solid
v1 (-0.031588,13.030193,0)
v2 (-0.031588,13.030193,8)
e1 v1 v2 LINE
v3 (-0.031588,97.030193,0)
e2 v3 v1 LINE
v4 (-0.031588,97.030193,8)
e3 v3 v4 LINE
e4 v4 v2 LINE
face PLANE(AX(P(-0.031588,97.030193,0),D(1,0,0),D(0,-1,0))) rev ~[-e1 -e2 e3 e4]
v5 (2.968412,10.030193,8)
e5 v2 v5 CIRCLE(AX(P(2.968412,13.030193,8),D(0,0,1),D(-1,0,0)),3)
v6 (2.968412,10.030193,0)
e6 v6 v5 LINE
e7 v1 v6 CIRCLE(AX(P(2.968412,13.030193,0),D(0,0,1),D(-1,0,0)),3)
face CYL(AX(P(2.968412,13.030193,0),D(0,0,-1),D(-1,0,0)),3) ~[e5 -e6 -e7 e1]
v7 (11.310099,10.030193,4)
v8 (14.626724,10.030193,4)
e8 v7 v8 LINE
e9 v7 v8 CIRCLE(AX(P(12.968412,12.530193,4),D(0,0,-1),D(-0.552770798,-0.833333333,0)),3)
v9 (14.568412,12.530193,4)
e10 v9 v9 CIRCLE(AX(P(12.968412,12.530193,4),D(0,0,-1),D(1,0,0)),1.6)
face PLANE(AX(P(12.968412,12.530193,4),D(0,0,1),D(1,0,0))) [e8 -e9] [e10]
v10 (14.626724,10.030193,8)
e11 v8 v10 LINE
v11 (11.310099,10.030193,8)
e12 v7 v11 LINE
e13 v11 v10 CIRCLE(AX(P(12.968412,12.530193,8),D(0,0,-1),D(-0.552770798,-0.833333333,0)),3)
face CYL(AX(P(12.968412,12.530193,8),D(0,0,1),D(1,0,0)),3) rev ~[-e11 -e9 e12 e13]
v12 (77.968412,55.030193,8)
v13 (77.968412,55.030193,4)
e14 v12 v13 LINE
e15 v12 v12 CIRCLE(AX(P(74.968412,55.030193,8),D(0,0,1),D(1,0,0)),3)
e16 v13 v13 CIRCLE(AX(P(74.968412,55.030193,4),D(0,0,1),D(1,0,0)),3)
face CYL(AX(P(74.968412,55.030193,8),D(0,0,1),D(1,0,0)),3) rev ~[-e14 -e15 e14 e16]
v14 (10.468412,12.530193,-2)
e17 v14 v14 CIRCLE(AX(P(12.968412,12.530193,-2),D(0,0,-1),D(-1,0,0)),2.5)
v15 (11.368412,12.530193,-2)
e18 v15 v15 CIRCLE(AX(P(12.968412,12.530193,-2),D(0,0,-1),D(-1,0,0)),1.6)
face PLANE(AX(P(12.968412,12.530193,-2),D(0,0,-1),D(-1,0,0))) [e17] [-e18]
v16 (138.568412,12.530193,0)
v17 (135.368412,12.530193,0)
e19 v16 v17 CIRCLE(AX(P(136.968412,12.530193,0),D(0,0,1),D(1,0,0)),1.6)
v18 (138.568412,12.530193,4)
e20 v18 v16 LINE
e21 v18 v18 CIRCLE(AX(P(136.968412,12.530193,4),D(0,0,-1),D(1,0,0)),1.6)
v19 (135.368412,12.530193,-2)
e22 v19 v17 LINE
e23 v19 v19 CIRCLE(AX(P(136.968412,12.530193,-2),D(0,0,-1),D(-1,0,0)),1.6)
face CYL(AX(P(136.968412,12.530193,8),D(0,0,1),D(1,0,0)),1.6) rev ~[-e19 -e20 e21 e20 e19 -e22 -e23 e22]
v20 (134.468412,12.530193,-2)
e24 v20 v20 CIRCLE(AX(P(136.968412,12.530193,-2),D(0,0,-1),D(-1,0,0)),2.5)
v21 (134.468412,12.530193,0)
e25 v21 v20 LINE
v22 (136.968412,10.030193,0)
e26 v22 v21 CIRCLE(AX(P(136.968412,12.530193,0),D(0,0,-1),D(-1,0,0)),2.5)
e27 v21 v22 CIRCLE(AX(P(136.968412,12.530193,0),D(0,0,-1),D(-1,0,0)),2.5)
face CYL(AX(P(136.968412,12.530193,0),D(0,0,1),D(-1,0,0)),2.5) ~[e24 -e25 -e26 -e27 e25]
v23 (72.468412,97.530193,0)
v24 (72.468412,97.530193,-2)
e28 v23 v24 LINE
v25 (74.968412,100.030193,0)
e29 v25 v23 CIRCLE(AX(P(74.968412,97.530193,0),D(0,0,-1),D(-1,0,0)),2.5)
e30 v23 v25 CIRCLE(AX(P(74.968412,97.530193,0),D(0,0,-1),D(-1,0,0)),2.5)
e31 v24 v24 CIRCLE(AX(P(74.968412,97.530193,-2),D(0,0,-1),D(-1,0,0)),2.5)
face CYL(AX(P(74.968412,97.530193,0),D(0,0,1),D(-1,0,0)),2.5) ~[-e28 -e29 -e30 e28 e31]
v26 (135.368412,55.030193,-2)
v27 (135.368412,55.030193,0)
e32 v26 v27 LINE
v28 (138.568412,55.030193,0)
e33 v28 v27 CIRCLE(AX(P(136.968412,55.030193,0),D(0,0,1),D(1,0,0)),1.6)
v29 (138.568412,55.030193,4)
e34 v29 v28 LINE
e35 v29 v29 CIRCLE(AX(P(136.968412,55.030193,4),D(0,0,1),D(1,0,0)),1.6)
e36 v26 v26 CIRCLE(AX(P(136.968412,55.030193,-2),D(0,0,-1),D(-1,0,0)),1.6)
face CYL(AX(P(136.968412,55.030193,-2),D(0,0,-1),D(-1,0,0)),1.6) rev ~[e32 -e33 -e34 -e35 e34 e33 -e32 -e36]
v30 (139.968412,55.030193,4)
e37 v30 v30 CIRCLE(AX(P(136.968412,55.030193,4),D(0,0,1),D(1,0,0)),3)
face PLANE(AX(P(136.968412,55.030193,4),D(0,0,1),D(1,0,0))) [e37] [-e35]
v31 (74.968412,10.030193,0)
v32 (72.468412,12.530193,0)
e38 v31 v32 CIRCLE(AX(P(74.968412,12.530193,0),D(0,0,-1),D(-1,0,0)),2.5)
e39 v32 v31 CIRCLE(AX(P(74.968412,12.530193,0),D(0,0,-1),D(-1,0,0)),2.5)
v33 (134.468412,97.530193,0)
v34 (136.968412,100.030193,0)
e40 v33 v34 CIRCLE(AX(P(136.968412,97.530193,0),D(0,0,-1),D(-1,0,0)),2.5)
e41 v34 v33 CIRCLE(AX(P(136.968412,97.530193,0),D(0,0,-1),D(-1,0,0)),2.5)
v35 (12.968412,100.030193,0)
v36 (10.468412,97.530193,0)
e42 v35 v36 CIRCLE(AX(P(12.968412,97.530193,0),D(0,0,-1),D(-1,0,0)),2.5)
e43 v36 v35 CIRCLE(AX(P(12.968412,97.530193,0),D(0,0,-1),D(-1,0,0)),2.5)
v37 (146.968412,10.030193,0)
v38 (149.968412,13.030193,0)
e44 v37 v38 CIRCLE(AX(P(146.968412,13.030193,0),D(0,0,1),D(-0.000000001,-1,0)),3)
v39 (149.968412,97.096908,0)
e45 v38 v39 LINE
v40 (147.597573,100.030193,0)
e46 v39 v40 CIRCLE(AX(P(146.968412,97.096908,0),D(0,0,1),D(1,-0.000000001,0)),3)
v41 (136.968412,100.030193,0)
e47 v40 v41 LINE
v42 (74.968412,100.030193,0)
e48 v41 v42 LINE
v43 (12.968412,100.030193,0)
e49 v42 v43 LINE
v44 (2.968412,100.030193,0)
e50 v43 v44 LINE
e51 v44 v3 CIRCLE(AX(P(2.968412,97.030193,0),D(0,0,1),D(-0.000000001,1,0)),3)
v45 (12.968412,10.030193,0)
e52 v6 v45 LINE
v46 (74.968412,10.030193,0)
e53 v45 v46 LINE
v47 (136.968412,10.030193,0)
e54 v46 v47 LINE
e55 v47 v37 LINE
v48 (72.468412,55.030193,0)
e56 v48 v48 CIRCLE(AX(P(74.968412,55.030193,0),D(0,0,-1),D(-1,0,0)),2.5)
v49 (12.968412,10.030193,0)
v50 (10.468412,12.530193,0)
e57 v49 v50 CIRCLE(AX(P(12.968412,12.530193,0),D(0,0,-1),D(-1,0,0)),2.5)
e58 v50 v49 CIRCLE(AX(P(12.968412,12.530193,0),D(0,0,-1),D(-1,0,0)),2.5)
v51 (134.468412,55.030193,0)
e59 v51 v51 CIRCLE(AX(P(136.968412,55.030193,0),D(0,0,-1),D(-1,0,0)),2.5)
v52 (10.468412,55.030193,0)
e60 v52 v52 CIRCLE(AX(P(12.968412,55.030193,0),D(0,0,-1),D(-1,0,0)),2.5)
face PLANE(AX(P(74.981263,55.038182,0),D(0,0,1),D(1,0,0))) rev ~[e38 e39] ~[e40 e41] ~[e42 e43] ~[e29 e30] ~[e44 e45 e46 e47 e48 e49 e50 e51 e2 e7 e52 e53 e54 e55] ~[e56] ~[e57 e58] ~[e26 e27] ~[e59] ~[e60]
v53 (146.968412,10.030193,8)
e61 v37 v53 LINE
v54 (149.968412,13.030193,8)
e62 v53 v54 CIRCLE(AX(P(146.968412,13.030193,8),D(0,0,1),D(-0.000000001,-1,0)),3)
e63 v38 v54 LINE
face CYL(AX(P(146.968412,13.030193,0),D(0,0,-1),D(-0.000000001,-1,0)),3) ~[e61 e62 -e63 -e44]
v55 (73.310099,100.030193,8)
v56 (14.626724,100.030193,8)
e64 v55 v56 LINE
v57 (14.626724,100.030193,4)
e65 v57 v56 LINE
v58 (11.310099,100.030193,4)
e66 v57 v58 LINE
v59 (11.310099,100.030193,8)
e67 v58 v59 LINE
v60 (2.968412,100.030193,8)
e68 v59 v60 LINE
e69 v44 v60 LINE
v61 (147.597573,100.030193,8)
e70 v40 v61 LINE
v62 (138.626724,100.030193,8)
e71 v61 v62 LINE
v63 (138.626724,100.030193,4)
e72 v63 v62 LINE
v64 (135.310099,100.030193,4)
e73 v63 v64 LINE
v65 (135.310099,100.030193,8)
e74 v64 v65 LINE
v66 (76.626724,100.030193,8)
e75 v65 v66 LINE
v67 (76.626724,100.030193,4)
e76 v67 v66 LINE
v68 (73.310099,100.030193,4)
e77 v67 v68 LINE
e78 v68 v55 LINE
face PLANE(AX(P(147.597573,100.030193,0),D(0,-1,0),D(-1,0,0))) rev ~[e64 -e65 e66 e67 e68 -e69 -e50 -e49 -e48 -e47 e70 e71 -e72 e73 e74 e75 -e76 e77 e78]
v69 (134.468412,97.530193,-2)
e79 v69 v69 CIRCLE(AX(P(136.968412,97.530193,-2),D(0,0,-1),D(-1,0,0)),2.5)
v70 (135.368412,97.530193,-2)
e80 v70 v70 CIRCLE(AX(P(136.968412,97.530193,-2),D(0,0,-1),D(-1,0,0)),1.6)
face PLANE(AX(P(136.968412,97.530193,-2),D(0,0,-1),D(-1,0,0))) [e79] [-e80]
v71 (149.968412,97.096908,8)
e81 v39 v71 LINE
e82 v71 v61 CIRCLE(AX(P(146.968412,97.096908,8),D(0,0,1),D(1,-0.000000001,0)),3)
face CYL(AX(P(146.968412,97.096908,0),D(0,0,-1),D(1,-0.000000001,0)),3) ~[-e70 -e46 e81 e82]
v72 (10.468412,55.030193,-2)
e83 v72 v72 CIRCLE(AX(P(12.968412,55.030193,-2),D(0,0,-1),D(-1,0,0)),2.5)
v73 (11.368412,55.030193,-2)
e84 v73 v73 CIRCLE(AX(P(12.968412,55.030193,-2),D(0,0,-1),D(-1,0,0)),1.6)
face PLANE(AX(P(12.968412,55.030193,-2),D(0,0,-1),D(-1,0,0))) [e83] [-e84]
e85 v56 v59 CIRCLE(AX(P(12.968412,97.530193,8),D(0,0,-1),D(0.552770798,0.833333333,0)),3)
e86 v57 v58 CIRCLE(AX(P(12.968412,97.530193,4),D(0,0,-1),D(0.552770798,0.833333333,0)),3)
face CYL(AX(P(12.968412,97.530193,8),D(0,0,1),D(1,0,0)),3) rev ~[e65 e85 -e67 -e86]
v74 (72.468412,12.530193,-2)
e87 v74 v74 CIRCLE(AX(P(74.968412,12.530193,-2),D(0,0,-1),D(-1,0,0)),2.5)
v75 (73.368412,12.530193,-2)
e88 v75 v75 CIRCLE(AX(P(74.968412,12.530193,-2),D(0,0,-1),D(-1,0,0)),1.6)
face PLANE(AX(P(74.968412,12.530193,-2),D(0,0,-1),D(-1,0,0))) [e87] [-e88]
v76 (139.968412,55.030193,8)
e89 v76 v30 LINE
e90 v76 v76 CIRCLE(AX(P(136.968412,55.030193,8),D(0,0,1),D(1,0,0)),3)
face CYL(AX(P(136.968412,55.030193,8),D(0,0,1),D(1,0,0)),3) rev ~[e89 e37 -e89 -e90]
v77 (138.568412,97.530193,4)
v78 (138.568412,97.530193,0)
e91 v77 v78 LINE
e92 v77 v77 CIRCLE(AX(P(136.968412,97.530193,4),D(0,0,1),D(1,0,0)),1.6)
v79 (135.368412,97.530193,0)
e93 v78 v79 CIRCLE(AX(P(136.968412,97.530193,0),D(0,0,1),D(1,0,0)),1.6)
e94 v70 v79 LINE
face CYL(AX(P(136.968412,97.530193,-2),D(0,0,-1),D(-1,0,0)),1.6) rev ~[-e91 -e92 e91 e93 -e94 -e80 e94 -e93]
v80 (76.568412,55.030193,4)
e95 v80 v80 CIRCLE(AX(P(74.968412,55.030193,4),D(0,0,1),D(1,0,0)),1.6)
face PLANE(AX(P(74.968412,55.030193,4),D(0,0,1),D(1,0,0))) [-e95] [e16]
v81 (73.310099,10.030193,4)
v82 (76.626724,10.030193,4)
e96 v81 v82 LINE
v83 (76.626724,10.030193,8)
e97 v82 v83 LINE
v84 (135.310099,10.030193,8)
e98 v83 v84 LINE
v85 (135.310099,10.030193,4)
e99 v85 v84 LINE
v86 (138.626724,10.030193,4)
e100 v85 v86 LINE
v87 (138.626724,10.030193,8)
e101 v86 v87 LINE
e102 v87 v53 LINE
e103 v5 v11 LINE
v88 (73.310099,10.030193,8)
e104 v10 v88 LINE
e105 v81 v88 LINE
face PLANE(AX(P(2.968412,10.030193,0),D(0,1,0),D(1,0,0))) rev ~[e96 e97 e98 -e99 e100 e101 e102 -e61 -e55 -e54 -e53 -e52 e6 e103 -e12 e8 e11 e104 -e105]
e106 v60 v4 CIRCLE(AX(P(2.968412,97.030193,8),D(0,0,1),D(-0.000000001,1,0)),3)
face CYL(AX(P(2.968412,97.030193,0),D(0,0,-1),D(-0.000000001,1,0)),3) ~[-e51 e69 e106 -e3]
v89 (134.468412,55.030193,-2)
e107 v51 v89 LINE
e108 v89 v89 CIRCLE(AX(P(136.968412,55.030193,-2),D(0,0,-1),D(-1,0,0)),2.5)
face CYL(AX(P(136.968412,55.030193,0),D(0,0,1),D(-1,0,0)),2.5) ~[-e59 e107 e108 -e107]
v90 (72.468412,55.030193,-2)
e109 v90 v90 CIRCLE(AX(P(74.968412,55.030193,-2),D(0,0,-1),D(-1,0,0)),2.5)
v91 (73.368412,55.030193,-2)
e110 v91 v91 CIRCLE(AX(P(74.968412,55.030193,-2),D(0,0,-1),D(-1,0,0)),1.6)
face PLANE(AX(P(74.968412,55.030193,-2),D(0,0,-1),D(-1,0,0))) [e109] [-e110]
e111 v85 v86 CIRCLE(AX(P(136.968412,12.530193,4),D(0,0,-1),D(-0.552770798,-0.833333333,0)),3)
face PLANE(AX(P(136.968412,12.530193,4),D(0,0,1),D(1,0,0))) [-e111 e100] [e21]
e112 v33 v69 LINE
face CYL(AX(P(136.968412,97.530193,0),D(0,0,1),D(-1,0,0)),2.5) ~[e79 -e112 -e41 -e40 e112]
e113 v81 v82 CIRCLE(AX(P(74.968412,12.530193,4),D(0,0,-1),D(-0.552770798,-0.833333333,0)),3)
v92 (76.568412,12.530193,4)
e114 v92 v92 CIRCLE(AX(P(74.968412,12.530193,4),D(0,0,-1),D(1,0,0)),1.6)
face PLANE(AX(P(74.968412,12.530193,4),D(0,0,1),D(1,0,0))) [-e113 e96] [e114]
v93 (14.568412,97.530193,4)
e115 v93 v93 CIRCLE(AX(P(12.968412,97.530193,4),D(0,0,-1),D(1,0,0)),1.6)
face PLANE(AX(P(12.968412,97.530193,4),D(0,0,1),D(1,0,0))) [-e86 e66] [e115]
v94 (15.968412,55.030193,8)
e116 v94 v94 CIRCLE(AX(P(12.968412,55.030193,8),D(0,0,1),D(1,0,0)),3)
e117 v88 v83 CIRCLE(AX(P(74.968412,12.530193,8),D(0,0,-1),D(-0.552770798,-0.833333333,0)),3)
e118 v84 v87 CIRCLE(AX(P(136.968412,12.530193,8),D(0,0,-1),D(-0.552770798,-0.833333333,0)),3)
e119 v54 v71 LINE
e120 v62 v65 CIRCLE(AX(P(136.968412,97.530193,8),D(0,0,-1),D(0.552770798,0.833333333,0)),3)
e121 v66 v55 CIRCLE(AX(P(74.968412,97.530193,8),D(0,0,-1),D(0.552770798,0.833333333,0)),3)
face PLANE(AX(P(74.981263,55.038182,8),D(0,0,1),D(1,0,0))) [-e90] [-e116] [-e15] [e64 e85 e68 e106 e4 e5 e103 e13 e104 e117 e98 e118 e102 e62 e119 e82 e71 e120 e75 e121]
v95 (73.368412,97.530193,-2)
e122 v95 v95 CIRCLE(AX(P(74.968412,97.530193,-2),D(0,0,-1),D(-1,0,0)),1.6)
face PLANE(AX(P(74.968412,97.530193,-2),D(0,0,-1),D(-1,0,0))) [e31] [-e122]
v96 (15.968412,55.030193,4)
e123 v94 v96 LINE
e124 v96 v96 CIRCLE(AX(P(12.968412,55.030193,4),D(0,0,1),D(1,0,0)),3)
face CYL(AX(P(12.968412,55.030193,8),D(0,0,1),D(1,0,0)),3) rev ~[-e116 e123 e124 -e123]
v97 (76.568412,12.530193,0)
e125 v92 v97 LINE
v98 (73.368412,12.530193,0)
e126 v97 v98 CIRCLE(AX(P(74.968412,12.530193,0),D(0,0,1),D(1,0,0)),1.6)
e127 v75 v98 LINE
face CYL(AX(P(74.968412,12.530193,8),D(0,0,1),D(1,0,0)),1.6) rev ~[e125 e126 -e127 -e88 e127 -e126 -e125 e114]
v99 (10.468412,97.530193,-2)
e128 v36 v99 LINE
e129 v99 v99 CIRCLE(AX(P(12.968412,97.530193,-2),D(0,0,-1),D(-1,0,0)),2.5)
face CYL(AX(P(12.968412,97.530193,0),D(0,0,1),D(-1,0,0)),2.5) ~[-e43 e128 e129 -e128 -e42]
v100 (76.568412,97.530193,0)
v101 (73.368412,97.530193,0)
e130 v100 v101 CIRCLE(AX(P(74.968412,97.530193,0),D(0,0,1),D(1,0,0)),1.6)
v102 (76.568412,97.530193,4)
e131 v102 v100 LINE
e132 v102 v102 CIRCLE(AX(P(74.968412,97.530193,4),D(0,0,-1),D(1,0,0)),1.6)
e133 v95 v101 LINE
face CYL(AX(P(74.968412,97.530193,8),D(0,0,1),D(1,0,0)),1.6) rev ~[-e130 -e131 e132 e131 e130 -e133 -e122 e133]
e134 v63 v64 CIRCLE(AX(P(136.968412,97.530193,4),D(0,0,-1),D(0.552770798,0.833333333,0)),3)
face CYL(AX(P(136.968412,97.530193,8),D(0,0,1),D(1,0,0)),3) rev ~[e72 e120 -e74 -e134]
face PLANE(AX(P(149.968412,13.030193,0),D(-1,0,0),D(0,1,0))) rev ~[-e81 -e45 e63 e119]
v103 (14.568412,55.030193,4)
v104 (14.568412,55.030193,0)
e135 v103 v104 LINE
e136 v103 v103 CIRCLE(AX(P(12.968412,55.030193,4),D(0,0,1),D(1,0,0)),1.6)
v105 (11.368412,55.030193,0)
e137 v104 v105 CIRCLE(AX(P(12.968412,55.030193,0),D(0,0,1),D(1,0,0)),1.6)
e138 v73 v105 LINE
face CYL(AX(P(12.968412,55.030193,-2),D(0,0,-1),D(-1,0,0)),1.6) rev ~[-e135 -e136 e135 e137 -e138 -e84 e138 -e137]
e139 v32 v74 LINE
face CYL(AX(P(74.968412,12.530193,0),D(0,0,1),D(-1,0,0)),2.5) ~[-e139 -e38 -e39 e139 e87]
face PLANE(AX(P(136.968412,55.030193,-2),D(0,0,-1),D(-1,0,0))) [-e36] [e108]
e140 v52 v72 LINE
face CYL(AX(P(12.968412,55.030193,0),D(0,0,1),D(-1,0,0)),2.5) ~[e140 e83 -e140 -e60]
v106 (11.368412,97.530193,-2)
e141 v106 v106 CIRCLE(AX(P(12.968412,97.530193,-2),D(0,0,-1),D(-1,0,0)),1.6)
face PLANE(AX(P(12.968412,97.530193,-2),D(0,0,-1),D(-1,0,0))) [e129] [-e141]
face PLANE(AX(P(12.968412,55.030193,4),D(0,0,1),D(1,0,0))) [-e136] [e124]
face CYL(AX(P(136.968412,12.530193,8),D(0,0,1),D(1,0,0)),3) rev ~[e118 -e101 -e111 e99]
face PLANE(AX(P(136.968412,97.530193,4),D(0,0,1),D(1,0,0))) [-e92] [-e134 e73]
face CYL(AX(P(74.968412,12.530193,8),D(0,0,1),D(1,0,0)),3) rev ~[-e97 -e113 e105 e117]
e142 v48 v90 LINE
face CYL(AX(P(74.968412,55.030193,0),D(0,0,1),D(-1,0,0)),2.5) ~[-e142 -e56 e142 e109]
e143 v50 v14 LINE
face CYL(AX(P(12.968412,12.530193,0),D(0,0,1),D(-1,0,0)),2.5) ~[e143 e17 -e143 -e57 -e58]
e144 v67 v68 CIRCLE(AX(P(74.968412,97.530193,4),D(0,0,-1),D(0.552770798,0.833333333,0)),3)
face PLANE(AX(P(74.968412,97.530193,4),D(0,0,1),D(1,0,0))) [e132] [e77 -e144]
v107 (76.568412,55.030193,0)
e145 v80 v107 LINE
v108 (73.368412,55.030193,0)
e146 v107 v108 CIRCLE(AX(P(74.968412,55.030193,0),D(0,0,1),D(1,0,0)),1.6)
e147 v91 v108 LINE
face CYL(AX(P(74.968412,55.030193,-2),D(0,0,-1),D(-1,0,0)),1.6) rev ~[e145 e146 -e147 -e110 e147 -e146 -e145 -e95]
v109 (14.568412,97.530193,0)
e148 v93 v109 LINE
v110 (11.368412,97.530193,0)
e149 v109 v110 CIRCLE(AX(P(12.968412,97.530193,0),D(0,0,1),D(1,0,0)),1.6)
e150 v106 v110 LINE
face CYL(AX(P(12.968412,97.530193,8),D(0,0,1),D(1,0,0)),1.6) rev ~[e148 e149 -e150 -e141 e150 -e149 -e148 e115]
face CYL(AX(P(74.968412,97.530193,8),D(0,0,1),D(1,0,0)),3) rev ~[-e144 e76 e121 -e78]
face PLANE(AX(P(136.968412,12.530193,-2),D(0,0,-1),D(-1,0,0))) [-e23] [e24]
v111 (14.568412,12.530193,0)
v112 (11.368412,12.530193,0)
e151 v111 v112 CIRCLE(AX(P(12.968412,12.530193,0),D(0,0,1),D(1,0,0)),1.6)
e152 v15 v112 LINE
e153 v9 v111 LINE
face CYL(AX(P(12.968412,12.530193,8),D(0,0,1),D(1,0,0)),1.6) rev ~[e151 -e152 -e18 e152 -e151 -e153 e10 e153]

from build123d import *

# Parameters (mm, degrees)
BOSS_EXTRU_1_DEPTH           = 8
ESQUISSE14_R                 = 1.6
ENL_V_MAT_EXTRU_2_DEPTH      = 1
ENL_V_MAT_EXTRU_2_DEPTH_BACK = 9
ESQUISSE15_R                 = 3
ENL_V_MAT_EXTRU_3_DEPTH      = 4
ESQUISSE16_R                 = 2.5
BOSS_EXTRU_3_DEPTH           = 2
ESQUISSE17_R                 = 1.6
ENL_V_MAT_EXTRU_4_DEPTH      = 11


with BuildPart() as part:
    # Esquisse1 → Boss.-Extru.1 (new body)
    with BuildSketch(Plane.XY):
        with BuildLine():
            Line((2.96841177, 10.030192742), (146.96841177, 10.030192742))
            ThreePointArc((146.96841177, 10.030192742), (149.089732114, 10.908872398), (149.96841177, 13.030192742))
            Line((149.96841177, 13.030192742), (149.96841177, 97.09690847))
            ThreePointArc((149.96841177, 97.09690847), (149.301594422, 98.982712998), (147.597572626, 100.030192742))
            Line((147.597572626, 100.030192742), (2.96841177, 100.030192742))
            ThreePointArc((2.96841177, 100.030192742), (0.847091427, 99.151513085), (-0.03158823, 97.030192742))
            Line((-0.03158823, 97.030192742), (-0.03158823, 13.030192742))
            ThreePointArc((-0.03158823, 13.030192742), (0.847091427, 10.908872398), (2.96841177, 10.030192742))
        make_face()
    extrude(amount=BOSS_EXTRU_1_DEPTH)

    # Esquisse14 → Enlèv. mat.-Extru.2 (cut, two sides)
    with BuildSketch(Plane.XY.offset(8)) as enl_v_mat_extru_2_sk:
        with Locations((12.96841177, 97.530192742)):
            Circle(ESQUISSE14_R)
        with Locations((74.96841177, 97.530192742)):
            Circle(ESQUISSE14_R)
        with Locations((136.96841177, 97.530192742)):
            Circle(ESQUISSE14_R)
        with Locations((136.96841177, 55.030192742)):
            Circle(ESQUISSE14_R)
        with Locations((74.96841177, 55.030192742)):
            Circle(ESQUISSE14_R)
        with Locations((12.96841177, 55.030192742)):
            Circle(ESQUISSE14_R)
        with Locations((12.96841177, 12.530192742)):
            Circle(ESQUISSE14_R)
        with Locations((74.96841177, 12.530192742)):
            Circle(ESQUISSE14_R)
        with Locations((136.96841177, 12.530192742)):
            Circle(ESQUISSE14_R)
    extrude(amount=ENL_V_MAT_EXTRU_2_DEPTH, mode=Mode.SUBTRACT)
    extrude(enl_v_mat_extru_2_sk.sketch, amount=-ENL_V_MAT_EXTRU_2_DEPTH_BACK, mode=Mode.SUBTRACT)

    # Esquisse15 → Enlèv. mat.-Extru.3 (cut)
    with BuildSketch(Plane.XY.offset(8)):
        with Locations((12.96841177, 97.530192742)):
            Circle(ESQUISSE15_R)
        with Locations((12.96841177, 12.530192742)):
            Circle(ESQUISSE15_R)
        with Locations((74.96841177, 12.530192742)):
            Circle(ESQUISSE15_R)
        with Locations((136.96841177, 12.530192742)):
            Circle(ESQUISSE15_R)
        with Locations((136.96841177, 55.030192742)):
            Circle(ESQUISSE15_R)
        with Locations((74.96841177, 55.030192742)):
            Circle(ESQUISSE15_R)
        with Locations((12.96841177, 55.030192742)):
            Circle(ESQUISSE15_R)
        with Locations((74.96841177, 97.530192742)):
            Circle(ESQUISSE15_R)
        with Locations((136.96841177, 97.530192742)):
            Circle(ESQUISSE15_R)
    extrude(amount=-ENL_V_MAT_EXTRU_3_DEPTH, mode=Mode.SUBTRACT)

    # Esquisse16 → Boss.-Extru.3 (add)
    with BuildSketch(Plane(origin=(0, 0, 0), x_dir=(-1, 0, 0), z_dir=(0, 0, -1))):
        with Locations((-136.96841177, 97.530192742)):
            Circle(ESQUISSE16_R)
        with Locations((-74.96841177, 97.530192742)):
            Circle(ESQUISSE16_R)
        with Locations((-12.96841177, 97.530192742)):
            Circle(ESQUISSE16_R)
        with Locations((-12.96841177, 55.030192742)):
            Circle(ESQUISSE16_R)
        with Locations((-74.96841177, 55.030192742)):
            Circle(ESQUISSE16_R)
        with Locations((-136.96841177, 55.030192742)):
            Circle(ESQUISSE16_R)
        with Locations((-136.96841177, 12.530192742)):
            Circle(ESQUISSE16_R)
        with Locations((-74.96841177, 12.530192742)):
            Circle(ESQUISSE16_R)
        with Locations((-12.96841177, 12.530192742)):
            Circle(ESQUISSE16_R)
    extrude(amount=BOSS_EXTRU_3_DEPTH)

    # Esquisse17 → Enlèv. mat.-Extru.4 (cut, through all)
    with BuildSketch(Plane(origin=(0, 0, -2), x_dir=(-1, 0, 0), z_dir=(0, 0, -1))):
        with Locations((-136.96841177, 97.530192742)):
            Circle(ESQUISSE17_R)
        with Locations((-136.96841177, 55.030192742)):
            Circle(ESQUISSE17_R)
        with Locations((-136.96841177, 12.530192742)):
            Circle(ESQUISSE17_R)
        with Locations((-74.96841177, 12.530192742)):
            Circle(ESQUISSE17_R)
        with Locations((-74.96841177, 55.030192742)):
            Circle(ESQUISSE17_R)
        with Locations((-74.96841177, 97.530192742)):
            Circle(ESQUISSE17_R)
        with Locations((-12.96841177, 97.530192742)):
            Circle(ESQUISSE17_R)
        with Locations((-12.96841177, 55.030192742)):
            Circle(ESQUISSE17_R)
        with Locations((-12.96841177, 12.530192742)):
            Circle(ESQUISSE17_R)
    extrude(amount=-ENL_V_MAT_EXTRU_4_DEPTH, mode=Mode.SUBTRACT)


solid = part.part
